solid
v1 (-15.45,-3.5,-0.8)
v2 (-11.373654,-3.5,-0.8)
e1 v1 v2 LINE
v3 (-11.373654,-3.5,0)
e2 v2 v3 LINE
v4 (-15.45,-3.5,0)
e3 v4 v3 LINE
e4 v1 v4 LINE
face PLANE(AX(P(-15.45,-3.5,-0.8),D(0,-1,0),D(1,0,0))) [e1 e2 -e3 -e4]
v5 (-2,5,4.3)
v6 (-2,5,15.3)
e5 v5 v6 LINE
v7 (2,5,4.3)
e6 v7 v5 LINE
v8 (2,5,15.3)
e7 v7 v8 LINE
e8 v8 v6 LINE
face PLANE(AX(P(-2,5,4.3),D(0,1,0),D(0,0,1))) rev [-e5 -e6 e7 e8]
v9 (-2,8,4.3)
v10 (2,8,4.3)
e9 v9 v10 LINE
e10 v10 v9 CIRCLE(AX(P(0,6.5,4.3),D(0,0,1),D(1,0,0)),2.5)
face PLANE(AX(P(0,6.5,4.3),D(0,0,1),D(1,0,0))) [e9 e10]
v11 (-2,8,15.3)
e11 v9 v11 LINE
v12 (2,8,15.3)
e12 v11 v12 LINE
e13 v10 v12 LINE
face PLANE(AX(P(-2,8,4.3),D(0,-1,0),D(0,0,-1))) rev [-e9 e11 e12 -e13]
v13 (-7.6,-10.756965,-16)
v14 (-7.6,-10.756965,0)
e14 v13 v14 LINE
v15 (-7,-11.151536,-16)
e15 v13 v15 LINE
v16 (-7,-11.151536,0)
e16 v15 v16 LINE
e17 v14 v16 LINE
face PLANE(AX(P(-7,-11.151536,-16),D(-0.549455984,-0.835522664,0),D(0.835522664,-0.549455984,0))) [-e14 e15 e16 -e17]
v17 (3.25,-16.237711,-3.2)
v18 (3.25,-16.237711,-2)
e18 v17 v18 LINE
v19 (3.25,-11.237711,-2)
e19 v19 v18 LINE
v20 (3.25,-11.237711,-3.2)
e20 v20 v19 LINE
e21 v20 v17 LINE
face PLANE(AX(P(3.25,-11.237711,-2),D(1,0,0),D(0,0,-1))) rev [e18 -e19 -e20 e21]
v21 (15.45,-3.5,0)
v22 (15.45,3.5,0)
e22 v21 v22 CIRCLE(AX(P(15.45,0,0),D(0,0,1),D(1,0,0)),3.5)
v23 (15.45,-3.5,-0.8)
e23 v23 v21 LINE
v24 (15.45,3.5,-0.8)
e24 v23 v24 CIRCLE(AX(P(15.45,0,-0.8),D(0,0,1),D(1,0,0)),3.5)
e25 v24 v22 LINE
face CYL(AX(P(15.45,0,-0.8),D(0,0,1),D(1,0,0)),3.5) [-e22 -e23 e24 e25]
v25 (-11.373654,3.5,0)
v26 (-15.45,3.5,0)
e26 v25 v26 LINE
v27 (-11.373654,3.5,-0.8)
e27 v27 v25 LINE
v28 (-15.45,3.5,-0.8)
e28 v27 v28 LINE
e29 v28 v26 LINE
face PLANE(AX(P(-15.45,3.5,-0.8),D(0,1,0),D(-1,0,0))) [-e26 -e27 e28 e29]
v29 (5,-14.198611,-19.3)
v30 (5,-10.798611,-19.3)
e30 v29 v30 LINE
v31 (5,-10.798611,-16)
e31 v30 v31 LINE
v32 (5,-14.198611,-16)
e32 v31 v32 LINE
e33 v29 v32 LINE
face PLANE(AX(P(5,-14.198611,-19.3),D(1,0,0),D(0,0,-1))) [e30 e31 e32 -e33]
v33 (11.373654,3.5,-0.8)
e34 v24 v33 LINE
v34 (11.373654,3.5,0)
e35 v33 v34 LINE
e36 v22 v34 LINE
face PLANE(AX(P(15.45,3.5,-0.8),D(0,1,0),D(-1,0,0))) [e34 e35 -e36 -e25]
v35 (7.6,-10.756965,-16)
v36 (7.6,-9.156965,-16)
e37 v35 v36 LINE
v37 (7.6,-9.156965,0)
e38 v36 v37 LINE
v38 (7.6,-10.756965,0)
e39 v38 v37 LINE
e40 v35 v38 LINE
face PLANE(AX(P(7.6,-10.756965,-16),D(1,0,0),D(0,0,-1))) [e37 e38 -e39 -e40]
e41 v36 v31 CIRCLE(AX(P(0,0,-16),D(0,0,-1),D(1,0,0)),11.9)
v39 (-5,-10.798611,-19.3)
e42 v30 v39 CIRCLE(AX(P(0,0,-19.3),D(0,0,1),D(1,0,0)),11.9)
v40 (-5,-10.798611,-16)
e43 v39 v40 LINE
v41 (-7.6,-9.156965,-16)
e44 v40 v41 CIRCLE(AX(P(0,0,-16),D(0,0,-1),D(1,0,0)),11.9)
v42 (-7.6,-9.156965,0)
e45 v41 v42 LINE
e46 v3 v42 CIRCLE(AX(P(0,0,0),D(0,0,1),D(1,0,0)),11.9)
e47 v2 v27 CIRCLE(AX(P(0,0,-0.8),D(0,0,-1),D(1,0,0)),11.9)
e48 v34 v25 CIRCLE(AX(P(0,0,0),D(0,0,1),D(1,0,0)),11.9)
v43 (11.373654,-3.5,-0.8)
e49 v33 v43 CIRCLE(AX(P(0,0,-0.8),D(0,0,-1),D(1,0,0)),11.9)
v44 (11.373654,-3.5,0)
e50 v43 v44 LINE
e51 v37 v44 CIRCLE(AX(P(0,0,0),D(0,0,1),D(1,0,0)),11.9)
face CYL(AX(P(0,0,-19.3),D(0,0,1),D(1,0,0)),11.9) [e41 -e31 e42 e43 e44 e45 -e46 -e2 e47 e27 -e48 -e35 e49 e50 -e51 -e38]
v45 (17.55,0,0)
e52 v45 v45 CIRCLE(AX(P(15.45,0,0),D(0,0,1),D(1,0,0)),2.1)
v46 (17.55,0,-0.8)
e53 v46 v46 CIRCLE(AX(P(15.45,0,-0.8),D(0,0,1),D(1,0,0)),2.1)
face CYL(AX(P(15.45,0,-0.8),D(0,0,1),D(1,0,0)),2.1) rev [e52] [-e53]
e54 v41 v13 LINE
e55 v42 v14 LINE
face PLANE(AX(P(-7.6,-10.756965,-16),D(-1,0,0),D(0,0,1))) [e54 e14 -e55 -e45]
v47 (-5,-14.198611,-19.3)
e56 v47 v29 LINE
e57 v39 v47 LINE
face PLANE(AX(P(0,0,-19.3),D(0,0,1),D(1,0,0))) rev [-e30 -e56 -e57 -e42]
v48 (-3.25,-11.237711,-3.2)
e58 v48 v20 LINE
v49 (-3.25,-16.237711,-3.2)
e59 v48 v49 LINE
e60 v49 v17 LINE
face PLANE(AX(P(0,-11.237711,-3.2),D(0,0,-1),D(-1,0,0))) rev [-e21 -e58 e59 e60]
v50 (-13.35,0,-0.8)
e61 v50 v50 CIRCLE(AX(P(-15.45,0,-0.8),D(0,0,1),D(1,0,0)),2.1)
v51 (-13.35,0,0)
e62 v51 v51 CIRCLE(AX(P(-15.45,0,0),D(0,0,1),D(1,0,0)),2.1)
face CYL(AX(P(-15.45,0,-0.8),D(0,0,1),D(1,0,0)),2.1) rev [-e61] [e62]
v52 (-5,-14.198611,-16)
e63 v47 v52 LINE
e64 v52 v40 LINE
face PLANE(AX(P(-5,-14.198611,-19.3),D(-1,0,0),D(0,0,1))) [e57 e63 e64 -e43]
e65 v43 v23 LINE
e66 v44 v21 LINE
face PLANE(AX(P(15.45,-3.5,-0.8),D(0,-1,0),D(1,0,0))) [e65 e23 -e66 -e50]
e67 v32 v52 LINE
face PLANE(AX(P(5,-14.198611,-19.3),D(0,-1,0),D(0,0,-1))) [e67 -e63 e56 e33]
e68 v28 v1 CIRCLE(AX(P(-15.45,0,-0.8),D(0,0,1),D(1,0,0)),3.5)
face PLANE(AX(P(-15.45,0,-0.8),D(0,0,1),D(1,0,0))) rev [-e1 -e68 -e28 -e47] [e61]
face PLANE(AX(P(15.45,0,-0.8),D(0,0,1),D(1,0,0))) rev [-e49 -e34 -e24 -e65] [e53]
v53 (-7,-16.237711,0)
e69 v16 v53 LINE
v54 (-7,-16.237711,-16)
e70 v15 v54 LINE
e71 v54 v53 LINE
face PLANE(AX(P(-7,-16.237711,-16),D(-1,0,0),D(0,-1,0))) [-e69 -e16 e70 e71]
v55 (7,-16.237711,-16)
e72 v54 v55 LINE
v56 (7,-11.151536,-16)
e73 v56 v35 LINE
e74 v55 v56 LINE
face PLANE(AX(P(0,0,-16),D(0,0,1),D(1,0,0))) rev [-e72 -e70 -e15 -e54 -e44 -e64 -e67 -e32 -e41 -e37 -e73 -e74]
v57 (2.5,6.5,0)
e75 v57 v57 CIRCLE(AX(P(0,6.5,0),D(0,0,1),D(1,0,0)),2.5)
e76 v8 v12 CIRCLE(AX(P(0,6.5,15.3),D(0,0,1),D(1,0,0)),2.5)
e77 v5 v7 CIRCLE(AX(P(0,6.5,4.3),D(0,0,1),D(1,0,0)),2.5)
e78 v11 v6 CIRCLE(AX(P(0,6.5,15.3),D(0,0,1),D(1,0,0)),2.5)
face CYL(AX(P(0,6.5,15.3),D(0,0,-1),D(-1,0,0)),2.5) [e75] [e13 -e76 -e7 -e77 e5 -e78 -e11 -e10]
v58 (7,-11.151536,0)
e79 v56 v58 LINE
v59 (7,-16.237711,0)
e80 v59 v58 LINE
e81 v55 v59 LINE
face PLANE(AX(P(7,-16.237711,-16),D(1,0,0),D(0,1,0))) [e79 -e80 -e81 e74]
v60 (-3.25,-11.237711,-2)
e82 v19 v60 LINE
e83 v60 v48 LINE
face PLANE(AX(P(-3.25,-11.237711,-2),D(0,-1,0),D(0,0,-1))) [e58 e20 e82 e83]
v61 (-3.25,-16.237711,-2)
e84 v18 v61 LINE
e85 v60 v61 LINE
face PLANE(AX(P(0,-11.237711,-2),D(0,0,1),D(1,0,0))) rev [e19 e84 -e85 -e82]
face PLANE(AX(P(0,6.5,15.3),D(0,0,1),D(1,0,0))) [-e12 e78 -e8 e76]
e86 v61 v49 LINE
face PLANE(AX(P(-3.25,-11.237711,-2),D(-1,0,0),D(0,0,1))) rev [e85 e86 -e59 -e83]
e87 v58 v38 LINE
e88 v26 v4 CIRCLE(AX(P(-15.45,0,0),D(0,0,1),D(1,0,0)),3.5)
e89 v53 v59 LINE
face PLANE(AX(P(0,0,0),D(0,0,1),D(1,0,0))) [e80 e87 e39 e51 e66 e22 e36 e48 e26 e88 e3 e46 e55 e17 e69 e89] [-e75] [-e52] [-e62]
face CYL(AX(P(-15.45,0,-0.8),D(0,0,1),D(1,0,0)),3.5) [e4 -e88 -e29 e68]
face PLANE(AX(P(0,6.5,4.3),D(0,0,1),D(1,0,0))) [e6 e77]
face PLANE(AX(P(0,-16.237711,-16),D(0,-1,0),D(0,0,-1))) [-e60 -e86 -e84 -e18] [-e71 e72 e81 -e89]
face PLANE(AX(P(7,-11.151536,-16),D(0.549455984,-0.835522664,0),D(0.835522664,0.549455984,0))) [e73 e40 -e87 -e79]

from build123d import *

# Parameters (mm, degrees)
HOUSING_BOSS_EXTRUDE1_DEPTH           = 19.3
PLASTIC_SHEILDING_BOSS_EXTRUDE2_DEPTH = 16
SKETCH5_R                             = 2.1
MOUNTING_BRACKETS_BOSS_EXTRUDE3_DEPTH = 0.8
SKETCH6_R                             = 2.5
SHAFT_BOSS_EXTRUDE4_DEPTH             = 15.3
SHAFT_START                           = -11
SHAFT_EDGECUT_EXTRUDE1_DEPTH          = 11
CABLE_HOLE_CUT_EXTRUDE2_DEPTH         = 5


with BuildPart() as part:
    # Sketch2 → Housing Boss-Extrude1 (new body)
    with BuildSketch(Plane.XY):
        with BuildLine():
            Line((-5, -14.198611022), (0, -14.198611022))
            Line((0, -14.198611022), (5, -14.198611022))
            Line((5, -14.198611022), (5, -10.798611022))
            ThreePointArc((5, -10.798611022), (0, 11.9), (-5, -10.798611022))
            Line((-5, -10.798611022), (-5, -14.198611022))
        make_face()
    extrude(amount=-HOUSING_BOSS_EXTRUDE1_DEPTH)

    # Sketch4 → Plastic Sheilding Boss-Extrude2 (add)
    with BuildSketch(Plane.XY):
        with BuildLine():
            Line((0, -16.237711219), (-7, -16.237711219))
            Line((-7, -16.237711219), (-7, -11.151536254))
            Line((-7, -11.151536254), (-7.6, -10.756964563))
            Line((-7.6, -10.756964563), (-7.6, -9.156964563))
            ThreePointArc((-7.6, -9.156964563), (-6.353247262, -10.06211952), (-5, -10.798611022))
            Line((-5, -10.798611022), (-5, -14.198611022))
            Line((-5, -14.198611022), (5, -14.198611022))
            Line((5, -14.198611022), (5, -10.798611022))
            ThreePointArc((5, -10.798611022), (6.353247262, -10.06211952), (7.6, -9.156964563))
            Line((7.6, -9.156964563), (7.6, -10.756964563))
            Line((7.6, -10.756964563), (7, -11.151536254))
            Line((7, -11.151536254), (7, -16.237711219))
            Line((7, -16.237711219), (0, -16.237711219))
        make_face()
    extrude(amount=-PLASTIC_SHEILDING_BOSS_EXTRUDE2_DEPTH)

    # Sketch5 → Mounting Brackets Boss-Extrude3 (add)
    # profile 1 of 2: a face of its own
    with BuildSketch(Plane.XY):
        with BuildLine():
            Line((-15.45, 3.5), (-11.373653766, 3.5))
            ThreePointArc((-11.373653766, 3.5), (-11.9, 0), (-11.373653766, -3.5))
            Line((-11.373653766, -3.5), (-15.45, -3.5))
            ThreePointArc((-15.45, -3.5), (-18.95, 0), (-15.45, 3.5))
        make_face()
        with Locations((-15.45, 0)):
            Circle(SKETCH5_R, mode=Mode.SUBTRACT)
    # profile 2 of 2: a face of its own
    with BuildSketch(Plane.XY):
        with BuildLine():
            Line((15.45, 3.5), (11.373653766, 3.5))
            ThreePointArc((11.373653766, 3.5), (11.9, 0), (11.373653766, -3.5))
            Line((11.373653766, -3.5), (15.45, -3.5))
            ThreePointArc((15.45, -3.5), (18.95, 0), (15.45, 3.5))
        make_face()
        with Locations((15.45, 0)):
            Circle(SKETCH5_R, mode=Mode.SUBTRACT)
    extrude(amount=-MOUNTING_BRACKETS_BOSS_EXTRUDE3_DEPTH)

    # Sketch6 → Shaft Boss-Extrude4 (add)
    with BuildSketch(Plane.XY):
        with Locations((0, 6.5)):
            Circle(SKETCH6_R)
    extrude(amount=SHAFT_BOSS_EXTRUDE4_DEPTH)

    # Sketch7 → Shaft EdgeCut-Extrude1 (cut)
    with BuildSketch(Plane.XY.offset(15.3).offset(SHAFT_START)):
        with BuildLine():
            Line((-2, 8), (2, 8))
            ThreePointArc((2, 8), (0, 9), (-2, 8))
        make_face()
        with BuildLine():
            Line((-2, 5), (2, 5))
            ThreePointArc((2, 5), (0, 4), (-2, 5))
        make_face()
    extrude(amount=SHAFT_EDGECUT_EXTRUDE1_DEPTH, mode=Mode.SUBTRACT)

    # Sketch8 → Cable Hole Cut-Extrude2 (cut)
    with BuildSketch(Plane.XZ.offset(16.237711219)):
        Polygon((0, -2), (3.25, -2), (3.25, -3.2), (0, -3.2), (-3.25, -3.2), (-3.25, -2), align=None)
    extrude(amount=-CABLE_HOLE_CUT_EXTRUDE2_DEPTH, mode=Mode.SUBTRACT)


solid = part.part
